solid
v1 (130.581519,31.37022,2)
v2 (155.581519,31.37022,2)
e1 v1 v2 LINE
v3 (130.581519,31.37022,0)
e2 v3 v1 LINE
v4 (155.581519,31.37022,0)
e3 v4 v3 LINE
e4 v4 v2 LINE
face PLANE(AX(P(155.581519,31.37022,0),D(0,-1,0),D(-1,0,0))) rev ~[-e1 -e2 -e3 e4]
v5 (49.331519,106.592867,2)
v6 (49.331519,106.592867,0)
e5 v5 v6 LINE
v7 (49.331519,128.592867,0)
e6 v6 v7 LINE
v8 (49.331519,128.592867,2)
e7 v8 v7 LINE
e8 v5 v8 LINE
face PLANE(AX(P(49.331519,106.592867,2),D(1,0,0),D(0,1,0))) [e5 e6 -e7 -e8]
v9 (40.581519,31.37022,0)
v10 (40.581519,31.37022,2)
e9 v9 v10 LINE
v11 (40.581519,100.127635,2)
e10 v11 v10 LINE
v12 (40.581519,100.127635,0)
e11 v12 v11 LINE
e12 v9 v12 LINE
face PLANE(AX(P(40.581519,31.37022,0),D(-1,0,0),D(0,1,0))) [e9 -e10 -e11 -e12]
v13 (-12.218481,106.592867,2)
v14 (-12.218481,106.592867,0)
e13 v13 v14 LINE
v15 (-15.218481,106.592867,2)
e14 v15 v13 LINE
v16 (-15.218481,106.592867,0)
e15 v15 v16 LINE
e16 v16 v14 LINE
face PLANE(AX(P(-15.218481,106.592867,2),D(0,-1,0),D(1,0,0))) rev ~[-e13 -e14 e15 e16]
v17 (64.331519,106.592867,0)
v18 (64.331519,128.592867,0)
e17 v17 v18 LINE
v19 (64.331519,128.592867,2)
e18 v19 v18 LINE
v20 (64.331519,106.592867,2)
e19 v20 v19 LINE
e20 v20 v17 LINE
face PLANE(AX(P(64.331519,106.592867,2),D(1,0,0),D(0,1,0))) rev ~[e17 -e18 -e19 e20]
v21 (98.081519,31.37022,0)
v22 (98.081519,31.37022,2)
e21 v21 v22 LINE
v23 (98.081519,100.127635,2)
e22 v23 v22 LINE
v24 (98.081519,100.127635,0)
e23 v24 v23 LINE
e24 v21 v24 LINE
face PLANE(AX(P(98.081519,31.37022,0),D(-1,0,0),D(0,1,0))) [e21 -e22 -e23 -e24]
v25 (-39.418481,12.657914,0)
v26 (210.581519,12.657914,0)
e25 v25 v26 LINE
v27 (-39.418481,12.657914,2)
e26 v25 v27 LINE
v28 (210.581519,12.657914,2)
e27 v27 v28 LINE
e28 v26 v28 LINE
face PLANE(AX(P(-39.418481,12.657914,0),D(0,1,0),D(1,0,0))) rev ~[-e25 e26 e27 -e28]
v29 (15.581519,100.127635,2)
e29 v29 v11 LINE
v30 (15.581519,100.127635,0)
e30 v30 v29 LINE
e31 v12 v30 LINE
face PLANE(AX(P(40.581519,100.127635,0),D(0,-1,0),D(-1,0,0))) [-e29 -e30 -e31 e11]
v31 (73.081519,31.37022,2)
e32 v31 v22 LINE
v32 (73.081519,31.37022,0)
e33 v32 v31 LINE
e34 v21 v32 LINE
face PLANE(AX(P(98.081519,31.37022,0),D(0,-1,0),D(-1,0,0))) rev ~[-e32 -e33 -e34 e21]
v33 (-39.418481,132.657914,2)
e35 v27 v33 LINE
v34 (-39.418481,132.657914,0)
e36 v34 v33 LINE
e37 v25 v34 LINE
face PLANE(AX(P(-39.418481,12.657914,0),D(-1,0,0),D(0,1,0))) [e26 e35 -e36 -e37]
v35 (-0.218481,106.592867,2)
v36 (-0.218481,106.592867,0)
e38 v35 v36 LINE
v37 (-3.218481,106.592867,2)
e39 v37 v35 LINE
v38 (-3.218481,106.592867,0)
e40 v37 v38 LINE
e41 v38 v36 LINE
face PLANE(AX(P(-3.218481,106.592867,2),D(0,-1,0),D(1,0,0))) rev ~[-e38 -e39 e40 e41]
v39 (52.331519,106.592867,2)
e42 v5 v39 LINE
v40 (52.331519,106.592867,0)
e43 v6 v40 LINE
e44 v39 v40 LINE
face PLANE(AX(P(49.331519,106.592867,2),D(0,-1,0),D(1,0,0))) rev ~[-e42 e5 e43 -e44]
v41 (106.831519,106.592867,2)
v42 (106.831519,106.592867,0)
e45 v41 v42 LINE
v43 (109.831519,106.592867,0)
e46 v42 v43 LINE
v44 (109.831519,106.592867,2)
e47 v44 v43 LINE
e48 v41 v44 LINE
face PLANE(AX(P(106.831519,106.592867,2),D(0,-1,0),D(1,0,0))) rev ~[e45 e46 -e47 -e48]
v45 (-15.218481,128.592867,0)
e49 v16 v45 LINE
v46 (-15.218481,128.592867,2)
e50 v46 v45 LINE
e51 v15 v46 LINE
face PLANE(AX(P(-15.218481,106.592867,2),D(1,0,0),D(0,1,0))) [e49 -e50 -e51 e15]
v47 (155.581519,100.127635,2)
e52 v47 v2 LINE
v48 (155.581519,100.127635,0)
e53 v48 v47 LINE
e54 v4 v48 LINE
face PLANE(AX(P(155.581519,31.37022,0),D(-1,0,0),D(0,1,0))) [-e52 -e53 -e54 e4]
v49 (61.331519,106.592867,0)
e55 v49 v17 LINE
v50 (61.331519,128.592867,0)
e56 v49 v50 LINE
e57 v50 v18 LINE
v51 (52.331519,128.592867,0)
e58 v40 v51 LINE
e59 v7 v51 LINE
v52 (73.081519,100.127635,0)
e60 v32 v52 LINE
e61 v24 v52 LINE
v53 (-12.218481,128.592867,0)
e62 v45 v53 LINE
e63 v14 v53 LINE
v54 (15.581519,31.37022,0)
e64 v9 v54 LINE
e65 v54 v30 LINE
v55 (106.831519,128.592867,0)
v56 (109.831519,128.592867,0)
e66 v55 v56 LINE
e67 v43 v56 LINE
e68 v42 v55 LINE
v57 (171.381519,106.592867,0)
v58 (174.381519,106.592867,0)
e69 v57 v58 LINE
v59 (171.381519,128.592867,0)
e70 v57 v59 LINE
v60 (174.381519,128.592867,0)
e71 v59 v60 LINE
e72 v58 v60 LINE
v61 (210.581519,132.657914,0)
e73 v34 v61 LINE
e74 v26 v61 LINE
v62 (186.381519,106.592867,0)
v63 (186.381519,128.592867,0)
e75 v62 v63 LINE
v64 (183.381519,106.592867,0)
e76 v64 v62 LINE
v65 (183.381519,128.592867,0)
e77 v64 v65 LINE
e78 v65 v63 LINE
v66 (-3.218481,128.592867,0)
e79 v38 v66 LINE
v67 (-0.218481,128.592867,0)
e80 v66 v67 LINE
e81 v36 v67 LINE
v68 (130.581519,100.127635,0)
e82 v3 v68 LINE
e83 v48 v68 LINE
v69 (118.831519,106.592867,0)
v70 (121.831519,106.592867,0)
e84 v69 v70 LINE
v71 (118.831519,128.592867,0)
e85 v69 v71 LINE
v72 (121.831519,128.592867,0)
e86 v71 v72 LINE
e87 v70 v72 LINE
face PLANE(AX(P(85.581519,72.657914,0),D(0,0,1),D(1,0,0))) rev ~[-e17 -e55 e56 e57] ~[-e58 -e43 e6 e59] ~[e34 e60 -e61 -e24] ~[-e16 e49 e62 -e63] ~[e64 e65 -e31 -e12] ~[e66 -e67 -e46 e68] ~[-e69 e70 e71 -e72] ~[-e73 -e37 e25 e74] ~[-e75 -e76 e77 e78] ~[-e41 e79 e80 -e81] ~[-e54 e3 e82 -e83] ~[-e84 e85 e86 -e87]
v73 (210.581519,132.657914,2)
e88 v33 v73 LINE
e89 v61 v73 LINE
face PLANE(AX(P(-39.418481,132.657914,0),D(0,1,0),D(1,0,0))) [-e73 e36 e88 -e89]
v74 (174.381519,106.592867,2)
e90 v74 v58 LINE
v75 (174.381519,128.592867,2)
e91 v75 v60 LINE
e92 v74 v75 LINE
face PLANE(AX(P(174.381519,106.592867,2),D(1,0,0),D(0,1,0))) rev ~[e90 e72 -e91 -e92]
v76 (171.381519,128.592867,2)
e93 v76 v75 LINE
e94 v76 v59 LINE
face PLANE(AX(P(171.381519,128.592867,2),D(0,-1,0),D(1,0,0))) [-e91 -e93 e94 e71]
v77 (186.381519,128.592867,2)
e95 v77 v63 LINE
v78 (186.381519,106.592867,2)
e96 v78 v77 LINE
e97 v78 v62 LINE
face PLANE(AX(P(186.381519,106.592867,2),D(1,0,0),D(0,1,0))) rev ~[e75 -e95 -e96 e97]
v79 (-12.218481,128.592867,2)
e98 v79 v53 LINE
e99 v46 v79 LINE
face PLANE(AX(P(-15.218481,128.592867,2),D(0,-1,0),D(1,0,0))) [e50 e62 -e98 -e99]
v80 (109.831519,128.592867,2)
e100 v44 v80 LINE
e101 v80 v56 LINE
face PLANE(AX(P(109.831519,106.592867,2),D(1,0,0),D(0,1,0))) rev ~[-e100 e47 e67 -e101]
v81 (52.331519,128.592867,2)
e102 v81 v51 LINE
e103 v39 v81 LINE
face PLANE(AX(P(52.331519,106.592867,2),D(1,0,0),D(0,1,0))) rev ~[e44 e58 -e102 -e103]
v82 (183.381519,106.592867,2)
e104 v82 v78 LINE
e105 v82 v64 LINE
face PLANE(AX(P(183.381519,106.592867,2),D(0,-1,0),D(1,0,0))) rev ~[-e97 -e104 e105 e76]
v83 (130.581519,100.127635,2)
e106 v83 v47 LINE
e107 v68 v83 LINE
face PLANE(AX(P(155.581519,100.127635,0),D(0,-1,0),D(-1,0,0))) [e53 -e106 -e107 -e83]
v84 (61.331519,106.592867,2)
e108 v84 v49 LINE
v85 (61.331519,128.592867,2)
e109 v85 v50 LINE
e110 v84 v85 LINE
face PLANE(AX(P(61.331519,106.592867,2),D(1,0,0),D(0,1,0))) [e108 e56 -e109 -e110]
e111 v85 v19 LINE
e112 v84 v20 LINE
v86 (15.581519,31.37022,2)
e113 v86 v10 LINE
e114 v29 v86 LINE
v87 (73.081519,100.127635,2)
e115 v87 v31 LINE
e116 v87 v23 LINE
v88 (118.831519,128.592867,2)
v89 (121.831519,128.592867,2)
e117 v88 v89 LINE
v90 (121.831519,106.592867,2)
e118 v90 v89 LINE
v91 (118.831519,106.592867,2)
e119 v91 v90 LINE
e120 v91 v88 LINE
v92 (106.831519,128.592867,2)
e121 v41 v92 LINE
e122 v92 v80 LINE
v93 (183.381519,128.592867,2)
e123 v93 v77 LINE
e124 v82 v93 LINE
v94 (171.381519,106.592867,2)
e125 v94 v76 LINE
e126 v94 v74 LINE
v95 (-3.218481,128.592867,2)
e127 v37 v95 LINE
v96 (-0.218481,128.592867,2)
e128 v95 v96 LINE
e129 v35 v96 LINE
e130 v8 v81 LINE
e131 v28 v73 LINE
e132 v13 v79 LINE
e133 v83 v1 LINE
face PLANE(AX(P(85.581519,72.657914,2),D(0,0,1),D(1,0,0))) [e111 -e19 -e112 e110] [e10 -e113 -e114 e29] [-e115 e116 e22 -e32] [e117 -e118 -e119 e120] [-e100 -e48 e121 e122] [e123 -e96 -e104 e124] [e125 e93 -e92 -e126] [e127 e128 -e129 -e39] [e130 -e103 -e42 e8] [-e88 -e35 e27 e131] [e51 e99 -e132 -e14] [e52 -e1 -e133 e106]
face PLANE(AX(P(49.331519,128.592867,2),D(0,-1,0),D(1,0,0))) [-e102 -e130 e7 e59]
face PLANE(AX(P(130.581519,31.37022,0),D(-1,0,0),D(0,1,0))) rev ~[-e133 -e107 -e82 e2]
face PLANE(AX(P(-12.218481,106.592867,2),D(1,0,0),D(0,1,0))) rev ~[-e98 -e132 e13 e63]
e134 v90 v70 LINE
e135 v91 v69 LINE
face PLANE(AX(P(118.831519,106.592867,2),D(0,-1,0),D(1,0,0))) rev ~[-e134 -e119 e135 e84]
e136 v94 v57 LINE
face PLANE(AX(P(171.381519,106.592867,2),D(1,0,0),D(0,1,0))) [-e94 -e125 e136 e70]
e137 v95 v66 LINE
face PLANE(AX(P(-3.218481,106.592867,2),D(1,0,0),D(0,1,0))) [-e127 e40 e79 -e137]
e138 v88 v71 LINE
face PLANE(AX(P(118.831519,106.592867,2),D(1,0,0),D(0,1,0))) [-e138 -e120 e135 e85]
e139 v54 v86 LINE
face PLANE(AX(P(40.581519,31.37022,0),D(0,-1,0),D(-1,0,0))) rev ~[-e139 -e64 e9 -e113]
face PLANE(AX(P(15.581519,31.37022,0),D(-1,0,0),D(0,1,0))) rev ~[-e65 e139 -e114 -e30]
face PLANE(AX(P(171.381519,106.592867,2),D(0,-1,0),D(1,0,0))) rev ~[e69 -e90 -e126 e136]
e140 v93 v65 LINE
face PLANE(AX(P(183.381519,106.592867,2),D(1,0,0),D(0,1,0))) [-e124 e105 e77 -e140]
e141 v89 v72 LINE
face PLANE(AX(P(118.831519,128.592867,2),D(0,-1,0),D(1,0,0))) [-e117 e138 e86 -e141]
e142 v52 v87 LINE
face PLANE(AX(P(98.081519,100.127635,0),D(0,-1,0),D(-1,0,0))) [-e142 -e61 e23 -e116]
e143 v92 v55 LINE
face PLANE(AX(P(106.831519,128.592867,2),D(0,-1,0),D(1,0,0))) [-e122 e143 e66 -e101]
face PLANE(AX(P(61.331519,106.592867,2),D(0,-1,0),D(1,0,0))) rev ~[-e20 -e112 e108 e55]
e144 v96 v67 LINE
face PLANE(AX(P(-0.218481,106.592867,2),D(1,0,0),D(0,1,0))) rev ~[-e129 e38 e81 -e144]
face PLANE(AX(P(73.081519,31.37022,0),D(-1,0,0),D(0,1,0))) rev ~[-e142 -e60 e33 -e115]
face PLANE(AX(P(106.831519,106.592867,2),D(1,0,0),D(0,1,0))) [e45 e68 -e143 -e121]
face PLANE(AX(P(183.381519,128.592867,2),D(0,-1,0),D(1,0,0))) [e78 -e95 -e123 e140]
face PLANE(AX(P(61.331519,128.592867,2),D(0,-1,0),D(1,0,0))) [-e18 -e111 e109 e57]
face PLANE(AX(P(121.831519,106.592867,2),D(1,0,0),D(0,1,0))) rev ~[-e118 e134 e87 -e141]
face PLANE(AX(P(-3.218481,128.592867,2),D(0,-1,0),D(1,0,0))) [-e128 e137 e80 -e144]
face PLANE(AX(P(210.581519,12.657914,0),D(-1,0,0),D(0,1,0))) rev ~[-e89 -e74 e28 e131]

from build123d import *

# Parameters (mm, degrees)
SKETCH_1_W          = 250
SKETCH_1_H          = 120
EXTRUDE_1_DEPTH     = 2
SKETCH_2_W          = 3
SKETCH_2_H          = 22
CUT_EXTRUDE_1_DEPTH = 2
SKETCH_4_W          = 25
SKETCH_4_H          = 68.757414634
CUT_EXTRUDE_3_DEPTH = 10


with BuildPart() as part:
    # 草图1 → 凸台-拉伸1 (new body)
    with BuildSketch(Plane.XY):
        with Locations((85.581519181, 72.657914473)):
            Rectangle(SKETCH_1_W, SKETCH_1_H)
    extrude(amount=EXTRUDE_1_DEPTH)

    # 草图2 → 切除-拉伸1 (cut)
    with BuildSketch(Plane.XY.offset(2)):
        with Locations((-13.718480819, 117.592867426)):
            Rectangle(SKETCH_2_W, SKETCH_2_H)
        with Locations((-1.718480819, 117.592867426)):
            Rectangle(SKETCH_2_W, SKETCH_2_H)
        with Locations((50.831519181, 117.592867426)):
            Rectangle(SKETCH_2_W, SKETCH_2_H)
        with Locations((62.831519181, 117.592867426)):
            Rectangle(SKETCH_2_W, SKETCH_2_H)
        with Locations((108.331519181, 117.592867426)):
            Rectangle(SKETCH_2_W, SKETCH_2_H)
        with Locations((120.331519181, 117.592867426)):
            Rectangle(SKETCH_2_W, SKETCH_2_H)
        with Locations((172.881519181, 117.592867426)):
            Rectangle(SKETCH_2_W, SKETCH_2_H)
        with Locations((184.881519181, 117.592867426)):
            Rectangle(SKETCH_2_W, SKETCH_2_H)
    extrude(amount=-CUT_EXTRUDE_1_DEPTH, mode=Mode.SUBTRACT)

    # 草图4 → 切除-拉伸3 (cut)
    with BuildSketch(Plane(origin=(0, 0, 0), x_dir=(-1, 0, 0), z_dir=(0, 0, -1))):
        with Locations((-143.081519181, 65.748927638)):
            Rectangle(SKETCH_4_W, SKETCH_4_H)
        with Locations((-85.581519181, 65.748927638)):
            Rectangle(SKETCH_4_W, SKETCH_4_H)
        with Locations((-28.081519181, 65.748927638)):
            Rectangle(SKETCH_4_W, SKETCH_4_H)
    extrude(amount=-CUT_EXTRUDE_3_DEPTH, mode=Mode.SUBTRACT)


solid = part.part
